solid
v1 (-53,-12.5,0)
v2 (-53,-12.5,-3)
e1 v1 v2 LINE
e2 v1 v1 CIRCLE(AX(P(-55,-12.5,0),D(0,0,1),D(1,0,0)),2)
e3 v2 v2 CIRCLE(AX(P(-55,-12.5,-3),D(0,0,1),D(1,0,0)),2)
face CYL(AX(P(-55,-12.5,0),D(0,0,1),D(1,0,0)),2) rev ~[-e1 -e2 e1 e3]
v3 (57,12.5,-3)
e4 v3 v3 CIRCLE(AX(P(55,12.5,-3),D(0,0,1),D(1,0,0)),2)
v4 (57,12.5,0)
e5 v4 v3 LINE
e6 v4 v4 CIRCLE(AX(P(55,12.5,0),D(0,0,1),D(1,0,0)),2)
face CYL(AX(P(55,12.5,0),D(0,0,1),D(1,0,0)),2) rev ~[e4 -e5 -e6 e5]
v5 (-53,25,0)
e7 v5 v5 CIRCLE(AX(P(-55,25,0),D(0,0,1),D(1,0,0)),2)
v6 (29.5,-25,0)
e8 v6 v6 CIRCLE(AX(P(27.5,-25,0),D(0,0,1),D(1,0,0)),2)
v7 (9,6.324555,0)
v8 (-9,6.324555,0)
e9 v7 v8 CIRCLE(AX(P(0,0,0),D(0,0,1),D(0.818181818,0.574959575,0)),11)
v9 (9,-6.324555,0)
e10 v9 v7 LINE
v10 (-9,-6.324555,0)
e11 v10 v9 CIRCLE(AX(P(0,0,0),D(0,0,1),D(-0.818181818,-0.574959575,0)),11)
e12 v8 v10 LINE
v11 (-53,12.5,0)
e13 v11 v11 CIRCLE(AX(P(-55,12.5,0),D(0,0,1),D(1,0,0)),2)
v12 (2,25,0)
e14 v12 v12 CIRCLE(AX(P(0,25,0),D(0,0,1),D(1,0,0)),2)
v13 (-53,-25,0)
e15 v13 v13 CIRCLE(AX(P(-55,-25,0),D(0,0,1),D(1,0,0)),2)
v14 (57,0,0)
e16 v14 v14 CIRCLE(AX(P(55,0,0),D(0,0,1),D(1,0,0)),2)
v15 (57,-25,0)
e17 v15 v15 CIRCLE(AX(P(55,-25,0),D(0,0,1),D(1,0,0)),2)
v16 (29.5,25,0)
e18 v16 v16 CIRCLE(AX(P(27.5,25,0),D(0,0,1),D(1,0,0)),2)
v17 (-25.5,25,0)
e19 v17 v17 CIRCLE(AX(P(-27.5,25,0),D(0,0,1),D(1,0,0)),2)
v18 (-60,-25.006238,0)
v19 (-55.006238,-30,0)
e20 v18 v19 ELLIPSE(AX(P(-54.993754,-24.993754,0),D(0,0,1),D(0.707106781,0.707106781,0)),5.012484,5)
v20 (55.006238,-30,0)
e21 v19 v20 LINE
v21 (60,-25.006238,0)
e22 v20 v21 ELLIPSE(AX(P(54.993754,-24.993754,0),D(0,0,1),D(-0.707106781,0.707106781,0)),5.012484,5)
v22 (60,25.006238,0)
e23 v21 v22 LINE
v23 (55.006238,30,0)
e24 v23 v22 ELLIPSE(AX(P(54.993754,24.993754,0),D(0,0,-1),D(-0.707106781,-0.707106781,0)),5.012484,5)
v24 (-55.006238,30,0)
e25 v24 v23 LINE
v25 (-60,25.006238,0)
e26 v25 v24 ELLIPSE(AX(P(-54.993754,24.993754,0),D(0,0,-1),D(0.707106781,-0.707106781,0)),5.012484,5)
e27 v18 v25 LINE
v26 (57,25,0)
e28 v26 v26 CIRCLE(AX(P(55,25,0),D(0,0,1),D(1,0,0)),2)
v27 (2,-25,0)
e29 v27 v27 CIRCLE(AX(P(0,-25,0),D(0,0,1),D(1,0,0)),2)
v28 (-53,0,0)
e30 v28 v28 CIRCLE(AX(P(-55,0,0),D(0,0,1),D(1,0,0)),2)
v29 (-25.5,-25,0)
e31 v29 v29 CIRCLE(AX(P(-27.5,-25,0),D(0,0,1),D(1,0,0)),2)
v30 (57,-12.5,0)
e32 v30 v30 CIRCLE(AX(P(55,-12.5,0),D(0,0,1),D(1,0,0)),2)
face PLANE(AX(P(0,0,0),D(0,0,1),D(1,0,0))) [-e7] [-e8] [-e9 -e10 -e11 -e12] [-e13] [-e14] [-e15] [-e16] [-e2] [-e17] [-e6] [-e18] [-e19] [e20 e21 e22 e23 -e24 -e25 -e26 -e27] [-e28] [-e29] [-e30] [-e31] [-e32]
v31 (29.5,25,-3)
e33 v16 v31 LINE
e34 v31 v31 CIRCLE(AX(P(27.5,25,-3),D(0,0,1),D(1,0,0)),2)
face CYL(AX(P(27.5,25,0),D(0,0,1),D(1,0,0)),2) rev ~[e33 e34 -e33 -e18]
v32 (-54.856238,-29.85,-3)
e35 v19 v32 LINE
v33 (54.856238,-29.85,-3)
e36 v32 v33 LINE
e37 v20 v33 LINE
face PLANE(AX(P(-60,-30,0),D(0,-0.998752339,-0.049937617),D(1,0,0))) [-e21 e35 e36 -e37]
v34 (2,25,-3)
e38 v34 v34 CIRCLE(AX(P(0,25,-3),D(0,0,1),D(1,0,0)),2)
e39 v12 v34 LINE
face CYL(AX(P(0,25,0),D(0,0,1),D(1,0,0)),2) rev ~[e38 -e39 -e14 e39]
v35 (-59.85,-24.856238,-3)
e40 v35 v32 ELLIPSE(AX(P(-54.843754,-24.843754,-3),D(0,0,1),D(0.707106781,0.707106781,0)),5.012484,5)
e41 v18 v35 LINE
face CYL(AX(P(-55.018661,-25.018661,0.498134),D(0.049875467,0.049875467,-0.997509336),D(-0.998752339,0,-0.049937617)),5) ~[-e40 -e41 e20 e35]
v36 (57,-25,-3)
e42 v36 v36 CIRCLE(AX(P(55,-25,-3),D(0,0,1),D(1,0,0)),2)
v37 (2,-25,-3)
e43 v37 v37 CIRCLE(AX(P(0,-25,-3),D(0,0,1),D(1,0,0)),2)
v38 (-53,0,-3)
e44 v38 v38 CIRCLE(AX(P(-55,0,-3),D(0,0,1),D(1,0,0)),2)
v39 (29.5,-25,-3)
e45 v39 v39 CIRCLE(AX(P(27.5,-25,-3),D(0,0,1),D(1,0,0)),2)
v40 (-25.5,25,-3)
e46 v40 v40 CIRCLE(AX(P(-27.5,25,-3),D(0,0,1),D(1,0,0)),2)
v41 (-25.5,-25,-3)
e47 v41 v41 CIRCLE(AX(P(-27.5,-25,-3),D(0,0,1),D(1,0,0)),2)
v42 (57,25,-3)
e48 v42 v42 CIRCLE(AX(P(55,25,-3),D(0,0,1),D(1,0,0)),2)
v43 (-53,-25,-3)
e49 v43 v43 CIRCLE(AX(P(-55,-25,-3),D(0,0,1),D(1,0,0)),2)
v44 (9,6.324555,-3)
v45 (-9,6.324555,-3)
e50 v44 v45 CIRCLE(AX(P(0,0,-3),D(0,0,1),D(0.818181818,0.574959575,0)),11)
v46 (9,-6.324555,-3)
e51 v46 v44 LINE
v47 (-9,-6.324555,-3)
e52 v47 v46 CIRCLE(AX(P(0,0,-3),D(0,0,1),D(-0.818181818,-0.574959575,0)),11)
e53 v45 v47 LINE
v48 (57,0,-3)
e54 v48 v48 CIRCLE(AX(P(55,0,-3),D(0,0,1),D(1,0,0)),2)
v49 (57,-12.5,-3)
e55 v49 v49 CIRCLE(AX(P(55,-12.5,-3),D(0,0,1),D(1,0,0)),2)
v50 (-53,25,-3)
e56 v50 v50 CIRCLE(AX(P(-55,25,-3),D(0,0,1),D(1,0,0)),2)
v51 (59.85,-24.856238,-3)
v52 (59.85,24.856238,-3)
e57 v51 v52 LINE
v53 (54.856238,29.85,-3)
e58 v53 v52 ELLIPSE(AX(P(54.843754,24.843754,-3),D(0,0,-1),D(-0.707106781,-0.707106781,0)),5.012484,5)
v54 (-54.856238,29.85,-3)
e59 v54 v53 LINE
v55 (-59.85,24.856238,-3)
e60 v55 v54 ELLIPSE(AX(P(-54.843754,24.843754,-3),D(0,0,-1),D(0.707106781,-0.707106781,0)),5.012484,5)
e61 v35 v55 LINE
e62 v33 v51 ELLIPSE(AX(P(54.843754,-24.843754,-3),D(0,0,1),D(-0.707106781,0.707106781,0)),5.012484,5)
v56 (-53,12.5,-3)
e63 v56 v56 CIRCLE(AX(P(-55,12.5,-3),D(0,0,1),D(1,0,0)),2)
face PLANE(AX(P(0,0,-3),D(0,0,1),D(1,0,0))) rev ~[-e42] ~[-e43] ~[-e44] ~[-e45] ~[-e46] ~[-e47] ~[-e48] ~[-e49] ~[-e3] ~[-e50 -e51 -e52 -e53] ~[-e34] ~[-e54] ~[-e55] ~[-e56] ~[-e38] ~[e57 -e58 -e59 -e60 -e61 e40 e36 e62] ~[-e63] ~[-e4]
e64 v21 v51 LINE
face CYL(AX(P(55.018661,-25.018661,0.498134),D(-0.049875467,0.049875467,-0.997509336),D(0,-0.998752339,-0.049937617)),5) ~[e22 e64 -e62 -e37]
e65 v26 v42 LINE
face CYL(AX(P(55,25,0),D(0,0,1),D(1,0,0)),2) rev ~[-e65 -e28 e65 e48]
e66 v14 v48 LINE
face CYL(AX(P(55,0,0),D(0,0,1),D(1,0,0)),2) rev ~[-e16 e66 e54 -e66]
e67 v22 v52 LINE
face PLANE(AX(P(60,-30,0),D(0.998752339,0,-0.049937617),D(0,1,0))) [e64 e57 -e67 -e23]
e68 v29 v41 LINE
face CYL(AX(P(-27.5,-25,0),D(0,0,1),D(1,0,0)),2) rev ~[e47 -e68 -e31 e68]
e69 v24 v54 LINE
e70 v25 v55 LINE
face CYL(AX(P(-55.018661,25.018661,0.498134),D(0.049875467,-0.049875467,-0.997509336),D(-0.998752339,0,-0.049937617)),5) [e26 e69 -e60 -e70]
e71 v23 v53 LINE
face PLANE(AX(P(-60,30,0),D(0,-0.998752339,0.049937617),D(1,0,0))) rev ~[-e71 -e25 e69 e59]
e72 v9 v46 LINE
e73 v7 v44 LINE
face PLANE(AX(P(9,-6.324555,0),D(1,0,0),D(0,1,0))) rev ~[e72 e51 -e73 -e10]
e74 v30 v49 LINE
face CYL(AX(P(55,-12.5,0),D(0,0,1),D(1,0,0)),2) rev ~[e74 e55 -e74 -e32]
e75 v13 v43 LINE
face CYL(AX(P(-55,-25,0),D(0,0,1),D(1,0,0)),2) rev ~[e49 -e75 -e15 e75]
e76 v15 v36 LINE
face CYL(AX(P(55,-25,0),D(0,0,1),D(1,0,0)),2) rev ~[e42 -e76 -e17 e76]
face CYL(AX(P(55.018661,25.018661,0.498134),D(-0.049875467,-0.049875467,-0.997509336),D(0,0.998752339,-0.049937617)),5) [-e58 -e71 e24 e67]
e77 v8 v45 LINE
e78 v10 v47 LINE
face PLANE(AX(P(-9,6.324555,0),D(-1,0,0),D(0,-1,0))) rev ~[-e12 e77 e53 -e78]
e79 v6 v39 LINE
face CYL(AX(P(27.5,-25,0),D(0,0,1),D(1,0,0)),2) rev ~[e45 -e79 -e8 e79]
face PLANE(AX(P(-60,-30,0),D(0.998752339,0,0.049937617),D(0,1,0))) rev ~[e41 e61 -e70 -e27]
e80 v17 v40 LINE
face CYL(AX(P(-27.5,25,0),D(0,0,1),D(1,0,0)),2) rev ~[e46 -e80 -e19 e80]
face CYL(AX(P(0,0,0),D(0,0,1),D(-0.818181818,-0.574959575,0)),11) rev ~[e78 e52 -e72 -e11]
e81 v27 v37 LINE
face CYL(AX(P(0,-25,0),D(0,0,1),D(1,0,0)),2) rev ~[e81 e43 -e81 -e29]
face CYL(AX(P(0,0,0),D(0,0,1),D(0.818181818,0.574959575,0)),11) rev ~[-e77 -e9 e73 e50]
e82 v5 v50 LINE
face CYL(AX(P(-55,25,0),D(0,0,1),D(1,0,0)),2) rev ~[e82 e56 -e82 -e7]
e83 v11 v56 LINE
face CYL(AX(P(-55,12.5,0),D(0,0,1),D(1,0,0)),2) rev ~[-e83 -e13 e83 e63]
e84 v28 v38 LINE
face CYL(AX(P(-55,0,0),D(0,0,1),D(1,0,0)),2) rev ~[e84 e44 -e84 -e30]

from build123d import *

# Parameters (mm, degrees)
SKETCH1_W           = 120
SKETCH1_H           = 60
BOSS_EXTRUDE1_DEPTH = 3
BOSS_EXTRUDE1_DRAFT = -2.862405226
CUT_EXTRUDE4_DEPTH  = 25
FILLET1_R           = 5
CUT_EXTRUDE5_REACH  = 69.149
SKETCH6_R           = 2


with BuildPart() as part:
    # Sketch1 → Boss-Extrude1 (with draft: the straight prism first)
    with BuildSketch(Plane.XY):
        Rectangle(SKETCH1_W, SKETCH1_H)
    extrude(amount=-BOSS_EXTRUDE1_DEPTH)
    # Boss-Extrude1: the draft: its side faces are tilted about the plane it starts from
    boss_extrude1_sides = [part.faces().sort_by_distance(p)[0] for p in [
        (0, -30, -1.5),
        (60, 0, -1.5),
        (0, 30, -1.5),
        (-60, 0, -1.5),
    ]]
    draft(boss_extrude1_sides, Plane.XY, BOSS_EXTRUDE1_DRAFT)

    # Sketch5 → Cut-Extrude4 (cut)
    with BuildSketch(Plane.XY):
        with BuildLine():
            Line((-9, 6.32455532), (-9, -6.32455532))
            ThreePointArc((-9, -6.32455532), (0, -11), (9, -6.32455532))
            Line((9, -6.32455532), (9, 6.32455532))
            ThreePointArc((9, 6.32455532), (0, 11), (-9, 6.32455532))
        make_face()
    extrude(amount=-CUT_EXTRUDE4_DEPTH, mode=Mode.SUBTRACT)

    # Fillet1
    fillet1_edges = [part.edges().sort_by_distance(p)[0] for p in [
        (59.925, -29.925, -1.5),
        (-59.925, -29.925, -1.5),
        (-59.925, 29.925, -1.5),
        (59.925, 29.925, -1.5),
    ]]
    fillet(fillet1_edges, radius=FILLET1_R)

    # Sketch6 → Cut-Extrude5 (cut, up to next)
    with BuildSketch(Plane.XY, mode=Mode.PRIVATE) as cut_extrude5_sk1:
        with Locations((-55, 25)):
            Circle(SKETCH6_R)
    cut_extrude5_tool1 = extrude(cut_extrude5_sk1.sketch, amount=-CUT_EXTRUDE5_REACH, mode=Mode.PRIVATE) & part.part
    # Sketch6 → Cut-Extrude5 (cut, up to next)
    with BuildSketch(Plane.XY, mode=Mode.PRIVATE) as cut_extrude5_sk2:
        with Locations((-27.5, 25)):
            Circle(SKETCH6_R)
    cut_extrude5_tool2 = extrude(cut_extrude5_sk2.sketch, amount=-CUT_EXTRUDE5_REACH, mode=Mode.PRIVATE) & part.part
    # Sketch6 → Cut-Extrude5 (cut, up to next)
    with BuildSketch(Plane.XY, mode=Mode.PRIVATE) as cut_extrude5_sk3:
        with Locations((0, 25)):
            Circle(SKETCH6_R)
    cut_extrude5_tool3 = extrude(cut_extrude5_sk3.sketch, amount=-CUT_EXTRUDE5_REACH, mode=Mode.PRIVATE) & part.part
    # Sketch6 → Cut-Extrude5 (cut, up to next)
    with BuildSketch(Plane.XY, mode=Mode.PRIVATE) as cut_extrude5_sk4:
        with Locations((27.5, 25)):
            Circle(SKETCH6_R)
    cut_extrude5_tool4 = extrude(cut_extrude5_sk4.sketch, amount=-CUT_EXTRUDE5_REACH, mode=Mode.PRIVATE) & part.part
    # Sketch6 → Cut-Extrude5 (cut, up to next)
    with BuildSketch(Plane.XY, mode=Mode.PRIVATE) as cut_extrude5_sk5:
        with Locations((55, 25)):
            Circle(SKETCH6_R)
    cut_extrude5_tool5 = extrude(cut_extrude5_sk5.sketch, amount=-CUT_EXTRUDE5_REACH, mode=Mode.PRIVATE) & part.part
    # Sketch6 → Cut-Extrude5 (cut, up to next)
    with BuildSketch(Plane.XY, mode=Mode.PRIVATE) as cut_extrude5_sk6:
        with Locations((55, -25)):
            Circle(SKETCH6_R)
    cut_extrude5_tool6 = extrude(cut_extrude5_sk6.sketch, amount=-CUT_EXTRUDE5_REACH, mode=Mode.PRIVATE) & part.part
    # Sketch6 → Cut-Extrude5 (cut, up to next)
    with BuildSketch(Plane.XY, mode=Mode.PRIVATE) as cut_extrude5_sk7:
        with Locations((27.5, -25)):
            Circle(SKETCH6_R)
    cut_extrude5_tool7 = extrude(cut_extrude5_sk7.sketch, amount=-CUT_EXTRUDE5_REACH, mode=Mode.PRIVATE) & part.part
    # Sketch6 → Cut-Extrude5 (cut, up to next)
    with BuildSketch(Plane.XY, mode=Mode.PRIVATE) as cut_extrude5_sk8:
        with Locations((0, -25)):
            Circle(SKETCH6_R)
    cut_extrude5_tool8 = extrude(cut_extrude5_sk8.sketch, amount=-CUT_EXTRUDE5_REACH, mode=Mode.PRIVATE) & part.part
    # Sketch6 → Cut-Extrude5 (cut, up to next)
    with BuildSketch(Plane.XY, mode=Mode.PRIVATE) as cut_extrude5_sk9:
        with Locations((-27.5, -25)):
            Circle(SKETCH6_R)
    cut_extrude5_tool9 = extrude(cut_extrude5_sk9.sketch, amount=-CUT_EXTRUDE5_REACH, mode=Mode.PRIVATE) & part.part
    # Sketch6 → Cut-Extrude5 (cut, up to next)
    with BuildSketch(Plane.XY, mode=Mode.PRIVATE) as cut_extrude5_sk10:
        with Locations((-55, -25)):
            Circle(SKETCH6_R)
    cut_extrude5_tool10 = extrude(cut_extrude5_sk10.sketch, amount=-CUT_EXTRUDE5_REACH, mode=Mode.PRIVATE) & part.part
    # Sketch6 → Cut-Extrude5 (cut, up to next)
    with BuildSketch(Plane.XY, mode=Mode.PRIVATE) as cut_extrude5_sk11:
        with Locations((-55, 12.5)):
            Circle(SKETCH6_R)
    cut_extrude5_tool11 = extrude(cut_extrude5_sk11.sketch, amount=-CUT_EXTRUDE5_REACH, mode=Mode.PRIVATE) & part.part
    # Sketch6 → Cut-Extrude5 (cut, up to next)
    with BuildSketch(Plane.XY, mode=Mode.PRIVATE) as cut_extrude5_sk12:
        with Locations((-55, 0)):
            Circle(SKETCH6_R)
    cut_extrude5_tool12 = extrude(cut_extrude5_sk12.sketch, amount=-CUT_EXTRUDE5_REACH, mode=Mode.PRIVATE) & part.part
    # Sketch6 → Cut-Extrude5 (cut, up to next)
    with BuildSketch(Plane.XY, mode=Mode.PRIVATE) as cut_extrude5_sk13:
        with Locations((-55, -12.5)):
            Circle(SKETCH6_R)
    cut_extrude5_tool13 = extrude(cut_extrude5_sk13.sketch, amount=-CUT_EXTRUDE5_REACH, mode=Mode.PRIVATE) & part.part
    # Sketch6 → Cut-Extrude5 (cut, up to next)
    with BuildSketch(Plane.XY, mode=Mode.PRIVATE) as cut_extrude5_sk14:
        with Locations((55, -12.5)):
            Circle(SKETCH6_R)
    cut_extrude5_tool14 = extrude(cut_extrude5_sk14.sketch, amount=-CUT_EXTRUDE5_REACH, mode=Mode.PRIVATE) & part.part
    # Sketch6 → Cut-Extrude5 (cut, up to next)
    with BuildSketch(Plane.XY, mode=Mode.PRIVATE) as cut_extrude5_sk15:
        with Locations((55, 0)):
            Circle(SKETCH6_R)
    cut_extrude5_tool15 = extrude(cut_extrude5_sk15.sketch, amount=-CUT_EXTRUDE5_REACH, mode=Mode.PRIVATE) & part.part
    # Sketch6 → Cut-Extrude5 (cut, up to next)
    with BuildSketch(Plane.XY, mode=Mode.PRIVATE) as cut_extrude5_sk16:
        with Locations((55, 12.5)):
            Circle(SKETCH6_R)
    cut_extrude5_tool16 = extrude(cut_extrude5_sk16.sketch, amount=-CUT_EXTRUDE5_REACH, mode=Mode.PRIVATE) & part.part
    add(cut_extrude5_tool1.solids().sort_by_distance((-55, 25, 0))[0], mode=Mode.SUBTRACT)
    add(cut_extrude5_tool2.solids().sort_by_distance((-27.5, 25, 0))[0], mode=Mode.SUBTRACT)
    add(cut_extrude5_tool3.solids().sort_by_distance((0, 25, 0))[0], mode=Mode.SUBTRACT)
    add(cut_extrude5_tool4.solids().sort_by_distance((27.5, 25, 0))[0], mode=Mode.SUBTRACT)
    add(cut_extrude5_tool5.solids().sort_by_distance((55, 25, 0))[0], mode=Mode.SUBTRACT)
    add(cut_extrude5_tool6.solids().sort_by_distance((55, -25, 0))[0], mode=Mode.SUBTRACT)
    add(cut_extrude5_tool7.solids().sort_by_distance((27.5, -25, 0))[0], mode=Mode.SUBTRACT)
    add(cut_extrude5_tool8.solids().sort_by_distance((0, -25, 0))[0], mode=Mode.SUBTRACT)
    add(cut_extrude5_tool9.solids().sort_by_distance((-27.5, -25, 0))[0], mode=Mode.SUBTRACT)
    add(cut_extrude5_tool10.solids().sort_by_distance((-55, -25, 0))[0], mode=Mode.SUBTRACT)
    add(cut_extrude5_tool11.solids().sort_by_distance((-55, 12.5, 0))[0], mode=Mode.SUBTRACT)
    add(cut_extrude5_tool12.solids().sort_by_distance((-55, 0, 0))[0], mode=Mode.SUBTRACT)
    add(cut_extrude5_tool13.solids().sort_by_distance((-55, -12.5, 0))[0], mode=Mode.SUBTRACT)
    add(cut_extrude5_tool14.solids().sort_by_distance((55, -12.5, 0))[0], mode=Mode.SUBTRACT)
    add(cut_extrude5_tool15.solids().sort_by_distance((55, 0, 0))[0], mode=Mode.SUBTRACT)
    add(cut_extrude5_tool16.solids().sort_by_distance((55, 12.5, 0))[0], mode=Mode.SUBTRACT)


solid = part.part
